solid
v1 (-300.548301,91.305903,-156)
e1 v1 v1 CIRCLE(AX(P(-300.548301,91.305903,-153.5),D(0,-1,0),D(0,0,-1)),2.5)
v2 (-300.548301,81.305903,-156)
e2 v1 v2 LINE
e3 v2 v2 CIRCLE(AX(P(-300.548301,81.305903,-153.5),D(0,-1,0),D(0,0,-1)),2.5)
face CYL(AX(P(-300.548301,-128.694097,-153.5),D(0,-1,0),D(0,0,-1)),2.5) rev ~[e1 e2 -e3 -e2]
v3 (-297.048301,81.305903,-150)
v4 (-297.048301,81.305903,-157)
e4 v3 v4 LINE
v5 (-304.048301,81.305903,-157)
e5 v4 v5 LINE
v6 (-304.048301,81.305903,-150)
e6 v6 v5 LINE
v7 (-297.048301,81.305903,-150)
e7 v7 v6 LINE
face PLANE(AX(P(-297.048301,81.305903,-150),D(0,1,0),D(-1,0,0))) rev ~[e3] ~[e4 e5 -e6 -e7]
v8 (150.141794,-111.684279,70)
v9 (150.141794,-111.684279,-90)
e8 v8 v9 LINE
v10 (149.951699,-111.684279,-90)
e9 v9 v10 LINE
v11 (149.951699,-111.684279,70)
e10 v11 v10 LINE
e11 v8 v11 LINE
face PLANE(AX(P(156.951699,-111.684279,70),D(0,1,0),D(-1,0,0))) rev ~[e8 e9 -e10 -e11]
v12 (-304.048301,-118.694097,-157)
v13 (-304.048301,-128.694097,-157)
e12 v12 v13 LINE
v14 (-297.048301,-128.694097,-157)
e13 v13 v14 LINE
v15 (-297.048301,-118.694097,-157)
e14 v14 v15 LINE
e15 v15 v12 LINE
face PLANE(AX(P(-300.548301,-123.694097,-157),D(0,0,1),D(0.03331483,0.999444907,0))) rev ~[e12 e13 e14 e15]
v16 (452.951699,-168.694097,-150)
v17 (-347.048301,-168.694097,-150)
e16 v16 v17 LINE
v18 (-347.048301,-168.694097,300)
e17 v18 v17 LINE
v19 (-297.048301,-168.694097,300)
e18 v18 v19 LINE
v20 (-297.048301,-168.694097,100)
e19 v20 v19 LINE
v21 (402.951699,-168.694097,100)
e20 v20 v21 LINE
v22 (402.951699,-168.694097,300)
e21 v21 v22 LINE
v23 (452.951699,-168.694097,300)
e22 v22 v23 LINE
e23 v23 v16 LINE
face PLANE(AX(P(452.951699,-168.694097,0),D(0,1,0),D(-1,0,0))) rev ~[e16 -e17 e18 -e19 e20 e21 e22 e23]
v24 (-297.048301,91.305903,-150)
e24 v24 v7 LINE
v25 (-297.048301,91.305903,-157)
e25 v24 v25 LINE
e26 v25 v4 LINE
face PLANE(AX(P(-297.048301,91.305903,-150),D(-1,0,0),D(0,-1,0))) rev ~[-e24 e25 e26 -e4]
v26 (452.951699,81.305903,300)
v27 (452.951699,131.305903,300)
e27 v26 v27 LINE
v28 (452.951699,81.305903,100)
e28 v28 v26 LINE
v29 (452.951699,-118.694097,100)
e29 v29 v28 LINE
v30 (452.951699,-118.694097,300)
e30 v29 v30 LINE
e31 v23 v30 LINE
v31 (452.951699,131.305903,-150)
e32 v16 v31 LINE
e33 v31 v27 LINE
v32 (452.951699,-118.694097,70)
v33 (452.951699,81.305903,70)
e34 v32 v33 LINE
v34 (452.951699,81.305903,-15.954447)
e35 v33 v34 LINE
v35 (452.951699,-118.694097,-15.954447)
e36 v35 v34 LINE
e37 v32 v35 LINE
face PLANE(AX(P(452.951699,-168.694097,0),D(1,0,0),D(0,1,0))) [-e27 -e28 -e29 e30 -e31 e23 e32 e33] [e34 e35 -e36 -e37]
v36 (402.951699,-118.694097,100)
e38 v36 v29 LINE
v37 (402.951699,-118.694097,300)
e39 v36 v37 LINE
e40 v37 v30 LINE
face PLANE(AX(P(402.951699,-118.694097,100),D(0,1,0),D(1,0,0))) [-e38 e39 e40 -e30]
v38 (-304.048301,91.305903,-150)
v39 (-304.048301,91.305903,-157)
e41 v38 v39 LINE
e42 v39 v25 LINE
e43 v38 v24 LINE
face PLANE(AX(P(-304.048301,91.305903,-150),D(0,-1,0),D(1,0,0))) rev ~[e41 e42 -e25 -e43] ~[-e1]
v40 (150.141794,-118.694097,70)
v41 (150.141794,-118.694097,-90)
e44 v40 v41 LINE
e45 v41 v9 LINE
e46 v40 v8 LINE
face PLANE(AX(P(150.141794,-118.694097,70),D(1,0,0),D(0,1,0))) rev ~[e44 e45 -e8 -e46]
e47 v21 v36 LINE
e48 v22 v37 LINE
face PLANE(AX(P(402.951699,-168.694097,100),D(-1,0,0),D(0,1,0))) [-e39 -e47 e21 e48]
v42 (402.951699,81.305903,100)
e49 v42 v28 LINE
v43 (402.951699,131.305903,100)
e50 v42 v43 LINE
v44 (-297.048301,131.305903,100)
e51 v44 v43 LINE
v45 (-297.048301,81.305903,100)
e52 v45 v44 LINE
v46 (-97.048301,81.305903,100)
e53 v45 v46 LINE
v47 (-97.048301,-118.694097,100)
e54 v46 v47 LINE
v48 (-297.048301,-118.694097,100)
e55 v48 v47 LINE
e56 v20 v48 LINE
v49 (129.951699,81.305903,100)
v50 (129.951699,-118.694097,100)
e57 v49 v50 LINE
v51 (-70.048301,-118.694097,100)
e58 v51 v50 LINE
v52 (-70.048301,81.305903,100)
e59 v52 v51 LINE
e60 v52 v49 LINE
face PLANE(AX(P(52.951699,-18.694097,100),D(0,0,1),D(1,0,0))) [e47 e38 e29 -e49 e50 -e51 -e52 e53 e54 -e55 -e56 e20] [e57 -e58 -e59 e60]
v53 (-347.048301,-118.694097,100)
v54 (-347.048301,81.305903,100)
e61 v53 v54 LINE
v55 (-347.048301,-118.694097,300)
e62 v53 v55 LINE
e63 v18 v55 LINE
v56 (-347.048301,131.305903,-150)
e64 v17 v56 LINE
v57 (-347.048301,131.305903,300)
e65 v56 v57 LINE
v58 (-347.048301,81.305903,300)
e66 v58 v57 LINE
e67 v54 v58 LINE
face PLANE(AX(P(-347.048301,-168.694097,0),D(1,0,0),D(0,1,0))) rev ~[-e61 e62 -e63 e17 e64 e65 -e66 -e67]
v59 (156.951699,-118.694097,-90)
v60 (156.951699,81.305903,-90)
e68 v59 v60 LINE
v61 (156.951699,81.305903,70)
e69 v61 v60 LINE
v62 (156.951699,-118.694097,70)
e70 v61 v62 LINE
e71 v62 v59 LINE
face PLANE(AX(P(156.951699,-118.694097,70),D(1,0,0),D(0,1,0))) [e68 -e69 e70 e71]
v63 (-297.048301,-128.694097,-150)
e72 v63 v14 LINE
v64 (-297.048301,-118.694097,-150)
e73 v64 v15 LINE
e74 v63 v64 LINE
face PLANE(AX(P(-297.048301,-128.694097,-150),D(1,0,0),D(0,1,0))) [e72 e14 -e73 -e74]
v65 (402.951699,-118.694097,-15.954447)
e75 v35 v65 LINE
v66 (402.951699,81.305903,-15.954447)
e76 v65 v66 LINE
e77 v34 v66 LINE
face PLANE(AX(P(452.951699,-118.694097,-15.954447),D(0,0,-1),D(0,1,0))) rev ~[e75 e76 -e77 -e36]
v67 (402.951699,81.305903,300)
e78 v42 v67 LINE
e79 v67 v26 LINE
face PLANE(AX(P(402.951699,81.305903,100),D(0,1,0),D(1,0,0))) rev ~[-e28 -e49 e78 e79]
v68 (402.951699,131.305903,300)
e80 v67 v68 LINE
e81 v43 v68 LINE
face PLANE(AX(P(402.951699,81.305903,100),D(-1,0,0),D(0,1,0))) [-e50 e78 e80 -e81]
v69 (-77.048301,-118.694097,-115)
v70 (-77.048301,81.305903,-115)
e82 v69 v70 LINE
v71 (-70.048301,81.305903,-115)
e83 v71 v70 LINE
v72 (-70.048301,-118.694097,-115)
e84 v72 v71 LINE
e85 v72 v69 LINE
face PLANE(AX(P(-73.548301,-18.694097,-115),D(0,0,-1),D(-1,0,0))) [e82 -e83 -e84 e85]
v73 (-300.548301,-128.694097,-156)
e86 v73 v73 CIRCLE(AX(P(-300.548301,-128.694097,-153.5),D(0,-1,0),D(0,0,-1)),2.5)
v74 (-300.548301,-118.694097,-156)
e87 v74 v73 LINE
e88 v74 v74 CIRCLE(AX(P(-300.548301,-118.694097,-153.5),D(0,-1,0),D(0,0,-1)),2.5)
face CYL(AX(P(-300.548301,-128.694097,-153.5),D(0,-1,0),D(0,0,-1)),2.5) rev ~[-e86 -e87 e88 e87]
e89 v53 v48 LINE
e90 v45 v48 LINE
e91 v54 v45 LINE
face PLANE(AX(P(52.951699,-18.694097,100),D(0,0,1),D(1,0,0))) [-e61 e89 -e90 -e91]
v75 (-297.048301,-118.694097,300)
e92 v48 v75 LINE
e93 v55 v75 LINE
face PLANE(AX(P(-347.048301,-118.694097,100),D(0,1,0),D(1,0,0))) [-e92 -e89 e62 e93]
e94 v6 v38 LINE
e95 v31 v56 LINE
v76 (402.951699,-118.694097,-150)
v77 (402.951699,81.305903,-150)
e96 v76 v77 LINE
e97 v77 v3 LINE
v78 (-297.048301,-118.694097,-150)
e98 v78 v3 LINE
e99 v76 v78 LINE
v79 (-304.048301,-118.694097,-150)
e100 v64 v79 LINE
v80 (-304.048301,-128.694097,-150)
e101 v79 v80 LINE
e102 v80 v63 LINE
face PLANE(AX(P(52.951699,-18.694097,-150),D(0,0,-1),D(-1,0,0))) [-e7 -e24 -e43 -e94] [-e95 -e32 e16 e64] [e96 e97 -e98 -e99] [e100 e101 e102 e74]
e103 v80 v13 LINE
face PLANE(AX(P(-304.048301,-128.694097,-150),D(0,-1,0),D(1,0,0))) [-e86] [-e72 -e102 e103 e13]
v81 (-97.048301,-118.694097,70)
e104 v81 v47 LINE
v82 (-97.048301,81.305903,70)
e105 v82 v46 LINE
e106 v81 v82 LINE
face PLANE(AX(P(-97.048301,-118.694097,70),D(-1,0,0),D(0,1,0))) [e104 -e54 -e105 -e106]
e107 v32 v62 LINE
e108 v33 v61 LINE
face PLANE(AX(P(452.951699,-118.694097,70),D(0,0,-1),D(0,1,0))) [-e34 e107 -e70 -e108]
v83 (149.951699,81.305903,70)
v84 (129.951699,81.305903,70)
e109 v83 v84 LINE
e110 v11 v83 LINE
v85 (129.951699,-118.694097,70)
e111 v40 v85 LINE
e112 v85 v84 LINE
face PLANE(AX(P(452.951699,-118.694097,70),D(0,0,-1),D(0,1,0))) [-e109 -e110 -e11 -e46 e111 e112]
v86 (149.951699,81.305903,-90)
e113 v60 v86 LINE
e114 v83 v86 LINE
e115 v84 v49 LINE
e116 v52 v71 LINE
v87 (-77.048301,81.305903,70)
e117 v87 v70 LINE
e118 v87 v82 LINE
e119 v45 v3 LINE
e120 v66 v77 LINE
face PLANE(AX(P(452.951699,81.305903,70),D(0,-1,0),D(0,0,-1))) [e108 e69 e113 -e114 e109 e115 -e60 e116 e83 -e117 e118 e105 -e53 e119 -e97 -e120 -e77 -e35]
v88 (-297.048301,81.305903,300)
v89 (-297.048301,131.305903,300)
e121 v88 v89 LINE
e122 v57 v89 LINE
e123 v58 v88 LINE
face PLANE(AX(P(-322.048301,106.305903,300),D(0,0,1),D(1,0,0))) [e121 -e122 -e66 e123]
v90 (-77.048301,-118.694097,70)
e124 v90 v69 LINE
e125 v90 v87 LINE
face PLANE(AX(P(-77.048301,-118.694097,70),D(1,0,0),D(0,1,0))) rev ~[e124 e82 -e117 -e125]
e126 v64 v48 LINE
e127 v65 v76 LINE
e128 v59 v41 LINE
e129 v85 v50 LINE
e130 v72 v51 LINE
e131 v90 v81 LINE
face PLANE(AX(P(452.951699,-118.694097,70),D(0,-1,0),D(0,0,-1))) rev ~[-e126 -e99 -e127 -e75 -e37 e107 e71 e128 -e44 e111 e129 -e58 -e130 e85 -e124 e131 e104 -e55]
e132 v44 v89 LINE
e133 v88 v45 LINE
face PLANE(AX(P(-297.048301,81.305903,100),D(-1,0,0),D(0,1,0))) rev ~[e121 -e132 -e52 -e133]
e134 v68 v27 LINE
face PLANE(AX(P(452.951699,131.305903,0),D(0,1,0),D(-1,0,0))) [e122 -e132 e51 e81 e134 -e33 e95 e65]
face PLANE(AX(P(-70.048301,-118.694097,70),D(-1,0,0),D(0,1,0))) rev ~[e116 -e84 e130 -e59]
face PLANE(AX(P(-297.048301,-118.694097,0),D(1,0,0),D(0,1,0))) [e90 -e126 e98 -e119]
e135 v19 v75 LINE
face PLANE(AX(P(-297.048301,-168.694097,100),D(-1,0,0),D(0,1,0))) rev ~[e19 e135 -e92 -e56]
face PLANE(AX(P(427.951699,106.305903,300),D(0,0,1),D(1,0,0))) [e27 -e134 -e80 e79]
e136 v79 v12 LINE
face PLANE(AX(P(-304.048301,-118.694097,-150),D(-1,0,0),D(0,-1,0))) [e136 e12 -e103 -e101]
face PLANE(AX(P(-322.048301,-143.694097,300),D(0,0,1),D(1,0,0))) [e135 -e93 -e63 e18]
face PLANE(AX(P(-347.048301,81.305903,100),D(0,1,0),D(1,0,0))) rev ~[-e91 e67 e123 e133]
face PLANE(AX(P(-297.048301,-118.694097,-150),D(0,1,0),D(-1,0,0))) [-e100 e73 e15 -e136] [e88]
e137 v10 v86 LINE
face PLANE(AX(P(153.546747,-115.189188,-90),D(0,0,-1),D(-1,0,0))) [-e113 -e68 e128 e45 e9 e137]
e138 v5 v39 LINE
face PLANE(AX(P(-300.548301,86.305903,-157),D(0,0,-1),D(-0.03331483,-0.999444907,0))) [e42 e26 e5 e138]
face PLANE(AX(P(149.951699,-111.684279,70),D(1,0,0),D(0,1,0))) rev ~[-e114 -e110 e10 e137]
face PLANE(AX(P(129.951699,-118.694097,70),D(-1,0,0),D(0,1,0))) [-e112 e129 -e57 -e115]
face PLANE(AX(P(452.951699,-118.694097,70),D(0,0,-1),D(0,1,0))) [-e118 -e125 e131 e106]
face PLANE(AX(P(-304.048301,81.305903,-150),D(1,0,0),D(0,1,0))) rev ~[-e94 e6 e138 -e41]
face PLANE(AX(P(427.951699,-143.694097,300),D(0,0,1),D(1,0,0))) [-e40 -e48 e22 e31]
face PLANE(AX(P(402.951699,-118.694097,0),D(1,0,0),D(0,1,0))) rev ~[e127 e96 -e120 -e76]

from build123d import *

# Parameters (mm, degrees)
SKETCH2_W            = 800
SKETCH2_H            = 300
BOSS_EXTRUDE1_DEPTH  = 100
SKETCH3_W            = 50
SKETCH3_H            = 50
BOSS_EXTRUDE2_DEPTH  = 200
SKETCH4_W            = 800
SKETCH4_H            = 300
SKETCH4_W_2          = 700
SKETCH4_H_2          = 200
BOSS_EXTRUDE3_DEPTH  = 150
SKETCH5_W            = 85.954447183
SKETCH5_H            = 200
CUT_EXTRUDE1_DEPTH   = 750
SKETCH6_W            = 7
SKETCH6_H            = 200
BOSS_EXTRUDE5_DEPTH  = 185
SKETCH9_W            = 7
SKETCH9_H            = 192.990182273
BOSS_EXTRUDE6_DEPTH  = 160
SKETCH12_W           = 200
SKETCH12_H           = 200
CUT_EXTRUDE4_DEPTH   = 111
SKETCH14_W           = 6.809905138
SKETCH14_H           = 7.009817727
BOSS_EXTRUDE9_DEPTH  = 160
BOSS_EXTRUDE10_DEPTH = 7
F_3DSKETCH2_R        = 2.5
CUT_EXTRUDE5_DEPTH   = 263.5


with BuildPart() as part:
    # Sketch2 → Boss-Extrude1 (new body)
    with BuildSketch(Plane.XY):
        with Locations((52.951699463, -18.694096601)):
            Rectangle(SKETCH2_W, SKETCH2_H)
    extrude(amount=BOSS_EXTRUDE1_DEPTH)

    # Sketch3 → Boss-Extrude2 (add)
    with BuildSketch(Plane.XY.offset(100)):
        with Locations((-322.048300537, 106.305903399)):
            Rectangle(SKETCH3_W, SKETCH3_H)
        with Locations((-322.048300537, -143.694096601)):
            Rectangle(SKETCH3_W, SKETCH3_H)
        with Locations((427.951699463, 106.305903399)):
            Rectangle(SKETCH3_W, SKETCH3_H)
        with Locations((427.951699463, -143.694096601)):
            Rectangle(SKETCH3_W, SKETCH3_H)
    extrude(amount=BOSS_EXTRUDE2_DEPTH)

    # Sketch4 → Boss-Extrude3 (add)
    with BuildSketch(Plane(origin=(0, 0, 0), x_dir=(-1, 0, 0), z_dir=(0, 0, -1))):
        with Locations((-52.951699463, -18.694096601)):
            Rectangle(SKETCH4_W, SKETCH4_H)
        with Locations((-52.951699463, -18.694096601)):
            Rectangle(SKETCH4_W_2, SKETCH4_H_2, mode=Mode.SUBTRACT)
    extrude(amount=BOSS_EXTRUDE3_DEPTH)

    # Sketch5 → Cut-Extrude1 (cut)
    with BuildSketch(Plane(origin=(452.951699463, 0, 0), x_dir=(0, 0, -1), z_dir=(1, 0, 0))):
        with Locations((-27.022776409, -18.694096601)):
            Rectangle(SKETCH5_W, SKETCH5_H)
    extrude(amount=-CUT_EXTRUDE1_DEPTH, mode=Mode.SUBTRACT)

    # Sketch6 → Boss-Extrude5 (add)
    with BuildSketch(Plane(origin=(0, 0, 70), x_dir=(-1, 0, 0), z_dir=(0, 0, -1))):
        with Locations((73.548300537, -18.694096601)):
            Rectangle(SKETCH6_W, SKETCH6_H)
    extrude(amount=BOSS_EXTRUDE5_DEPTH)

    # Sketch9 → Boss-Extrude6 (add)
    with BuildSketch(Plane(origin=(0, 0, 70), x_dir=(-1, 0, 0), z_dir=(0, 0, -1))):
        with Locations((-153.451699463, -15.189187737)):
            Rectangle(SKETCH9_W, SKETCH9_H)
    extrude(amount=BOSS_EXTRUDE6_DEPTH)

    # Sketch12 → Cut-Extrude4 (cut)
    with BuildSketch(Plane(origin=(0, 0, 70), x_dir=(-1, 0, 0), z_dir=(0, 0, -1))):
        with Locations((197.048300537, -18.694096601)):
            Rectangle(SKETCH12_W, SKETCH12_H)
        with Locations((-29.951699463, -18.694096601)):
            Rectangle(SKETCH12_W, SKETCH12_H)
    extrude(amount=-CUT_EXTRUDE4_DEPTH, mode=Mode.SUBTRACT)

    # Sketch14 → Boss-Extrude9 (add)
    with BuildSketch(Plane(origin=(0, 0, 70), x_dir=(-1, 0, 0), z_dir=(0, 0, -1))):
        with Locations((-153.546746894, -115.189187738)):
            Rectangle(SKETCH14_W, SKETCH14_H)
    extrude(amount=BOSS_EXTRUDE9_DEPTH)

    # 3DSketch1 → Boss-Extrude10 (add)
    with BuildSketch(Plane(origin=(-297.048300537, 81.305903399, -150), x_dir=(-0.033314830232638246, -0.9994449069791543, 0), z_dir=(0, 0, -1))):
        Polygon((0, 0), (0.233203812, 6.996114349), (-9.761245258, 7.329262651), (-9.99444907, 0.333148302), align=None)
        Polygon((199.888981396, -6.662966047), (200.122185207, 0.333148302), (210.116634277, 0), (209.883430466, -6.996114349), align=None)
    extrude(amount=BOSS_EXTRUDE10_DEPTH)

    # 3DSketch2 → Cut-Extrude5 (cut, symmetric)
    with BuildSketch(Plane(origin=(-297.048300537, -128.694096601, -157), x_dir=(-0.7071067811865476, 0, 0.7071067811865476), z_dir=(0, -1, 0))):
        with Locations(Location((4.949747468, 0, 0), (0, 0, 135))):
            Circle(F_3DSKETCH2_R)
    extrude(amount=CUT_EXTRUDE5_DEPTH, both=True, mode=Mode.SUBTRACT)


solid = part.part
